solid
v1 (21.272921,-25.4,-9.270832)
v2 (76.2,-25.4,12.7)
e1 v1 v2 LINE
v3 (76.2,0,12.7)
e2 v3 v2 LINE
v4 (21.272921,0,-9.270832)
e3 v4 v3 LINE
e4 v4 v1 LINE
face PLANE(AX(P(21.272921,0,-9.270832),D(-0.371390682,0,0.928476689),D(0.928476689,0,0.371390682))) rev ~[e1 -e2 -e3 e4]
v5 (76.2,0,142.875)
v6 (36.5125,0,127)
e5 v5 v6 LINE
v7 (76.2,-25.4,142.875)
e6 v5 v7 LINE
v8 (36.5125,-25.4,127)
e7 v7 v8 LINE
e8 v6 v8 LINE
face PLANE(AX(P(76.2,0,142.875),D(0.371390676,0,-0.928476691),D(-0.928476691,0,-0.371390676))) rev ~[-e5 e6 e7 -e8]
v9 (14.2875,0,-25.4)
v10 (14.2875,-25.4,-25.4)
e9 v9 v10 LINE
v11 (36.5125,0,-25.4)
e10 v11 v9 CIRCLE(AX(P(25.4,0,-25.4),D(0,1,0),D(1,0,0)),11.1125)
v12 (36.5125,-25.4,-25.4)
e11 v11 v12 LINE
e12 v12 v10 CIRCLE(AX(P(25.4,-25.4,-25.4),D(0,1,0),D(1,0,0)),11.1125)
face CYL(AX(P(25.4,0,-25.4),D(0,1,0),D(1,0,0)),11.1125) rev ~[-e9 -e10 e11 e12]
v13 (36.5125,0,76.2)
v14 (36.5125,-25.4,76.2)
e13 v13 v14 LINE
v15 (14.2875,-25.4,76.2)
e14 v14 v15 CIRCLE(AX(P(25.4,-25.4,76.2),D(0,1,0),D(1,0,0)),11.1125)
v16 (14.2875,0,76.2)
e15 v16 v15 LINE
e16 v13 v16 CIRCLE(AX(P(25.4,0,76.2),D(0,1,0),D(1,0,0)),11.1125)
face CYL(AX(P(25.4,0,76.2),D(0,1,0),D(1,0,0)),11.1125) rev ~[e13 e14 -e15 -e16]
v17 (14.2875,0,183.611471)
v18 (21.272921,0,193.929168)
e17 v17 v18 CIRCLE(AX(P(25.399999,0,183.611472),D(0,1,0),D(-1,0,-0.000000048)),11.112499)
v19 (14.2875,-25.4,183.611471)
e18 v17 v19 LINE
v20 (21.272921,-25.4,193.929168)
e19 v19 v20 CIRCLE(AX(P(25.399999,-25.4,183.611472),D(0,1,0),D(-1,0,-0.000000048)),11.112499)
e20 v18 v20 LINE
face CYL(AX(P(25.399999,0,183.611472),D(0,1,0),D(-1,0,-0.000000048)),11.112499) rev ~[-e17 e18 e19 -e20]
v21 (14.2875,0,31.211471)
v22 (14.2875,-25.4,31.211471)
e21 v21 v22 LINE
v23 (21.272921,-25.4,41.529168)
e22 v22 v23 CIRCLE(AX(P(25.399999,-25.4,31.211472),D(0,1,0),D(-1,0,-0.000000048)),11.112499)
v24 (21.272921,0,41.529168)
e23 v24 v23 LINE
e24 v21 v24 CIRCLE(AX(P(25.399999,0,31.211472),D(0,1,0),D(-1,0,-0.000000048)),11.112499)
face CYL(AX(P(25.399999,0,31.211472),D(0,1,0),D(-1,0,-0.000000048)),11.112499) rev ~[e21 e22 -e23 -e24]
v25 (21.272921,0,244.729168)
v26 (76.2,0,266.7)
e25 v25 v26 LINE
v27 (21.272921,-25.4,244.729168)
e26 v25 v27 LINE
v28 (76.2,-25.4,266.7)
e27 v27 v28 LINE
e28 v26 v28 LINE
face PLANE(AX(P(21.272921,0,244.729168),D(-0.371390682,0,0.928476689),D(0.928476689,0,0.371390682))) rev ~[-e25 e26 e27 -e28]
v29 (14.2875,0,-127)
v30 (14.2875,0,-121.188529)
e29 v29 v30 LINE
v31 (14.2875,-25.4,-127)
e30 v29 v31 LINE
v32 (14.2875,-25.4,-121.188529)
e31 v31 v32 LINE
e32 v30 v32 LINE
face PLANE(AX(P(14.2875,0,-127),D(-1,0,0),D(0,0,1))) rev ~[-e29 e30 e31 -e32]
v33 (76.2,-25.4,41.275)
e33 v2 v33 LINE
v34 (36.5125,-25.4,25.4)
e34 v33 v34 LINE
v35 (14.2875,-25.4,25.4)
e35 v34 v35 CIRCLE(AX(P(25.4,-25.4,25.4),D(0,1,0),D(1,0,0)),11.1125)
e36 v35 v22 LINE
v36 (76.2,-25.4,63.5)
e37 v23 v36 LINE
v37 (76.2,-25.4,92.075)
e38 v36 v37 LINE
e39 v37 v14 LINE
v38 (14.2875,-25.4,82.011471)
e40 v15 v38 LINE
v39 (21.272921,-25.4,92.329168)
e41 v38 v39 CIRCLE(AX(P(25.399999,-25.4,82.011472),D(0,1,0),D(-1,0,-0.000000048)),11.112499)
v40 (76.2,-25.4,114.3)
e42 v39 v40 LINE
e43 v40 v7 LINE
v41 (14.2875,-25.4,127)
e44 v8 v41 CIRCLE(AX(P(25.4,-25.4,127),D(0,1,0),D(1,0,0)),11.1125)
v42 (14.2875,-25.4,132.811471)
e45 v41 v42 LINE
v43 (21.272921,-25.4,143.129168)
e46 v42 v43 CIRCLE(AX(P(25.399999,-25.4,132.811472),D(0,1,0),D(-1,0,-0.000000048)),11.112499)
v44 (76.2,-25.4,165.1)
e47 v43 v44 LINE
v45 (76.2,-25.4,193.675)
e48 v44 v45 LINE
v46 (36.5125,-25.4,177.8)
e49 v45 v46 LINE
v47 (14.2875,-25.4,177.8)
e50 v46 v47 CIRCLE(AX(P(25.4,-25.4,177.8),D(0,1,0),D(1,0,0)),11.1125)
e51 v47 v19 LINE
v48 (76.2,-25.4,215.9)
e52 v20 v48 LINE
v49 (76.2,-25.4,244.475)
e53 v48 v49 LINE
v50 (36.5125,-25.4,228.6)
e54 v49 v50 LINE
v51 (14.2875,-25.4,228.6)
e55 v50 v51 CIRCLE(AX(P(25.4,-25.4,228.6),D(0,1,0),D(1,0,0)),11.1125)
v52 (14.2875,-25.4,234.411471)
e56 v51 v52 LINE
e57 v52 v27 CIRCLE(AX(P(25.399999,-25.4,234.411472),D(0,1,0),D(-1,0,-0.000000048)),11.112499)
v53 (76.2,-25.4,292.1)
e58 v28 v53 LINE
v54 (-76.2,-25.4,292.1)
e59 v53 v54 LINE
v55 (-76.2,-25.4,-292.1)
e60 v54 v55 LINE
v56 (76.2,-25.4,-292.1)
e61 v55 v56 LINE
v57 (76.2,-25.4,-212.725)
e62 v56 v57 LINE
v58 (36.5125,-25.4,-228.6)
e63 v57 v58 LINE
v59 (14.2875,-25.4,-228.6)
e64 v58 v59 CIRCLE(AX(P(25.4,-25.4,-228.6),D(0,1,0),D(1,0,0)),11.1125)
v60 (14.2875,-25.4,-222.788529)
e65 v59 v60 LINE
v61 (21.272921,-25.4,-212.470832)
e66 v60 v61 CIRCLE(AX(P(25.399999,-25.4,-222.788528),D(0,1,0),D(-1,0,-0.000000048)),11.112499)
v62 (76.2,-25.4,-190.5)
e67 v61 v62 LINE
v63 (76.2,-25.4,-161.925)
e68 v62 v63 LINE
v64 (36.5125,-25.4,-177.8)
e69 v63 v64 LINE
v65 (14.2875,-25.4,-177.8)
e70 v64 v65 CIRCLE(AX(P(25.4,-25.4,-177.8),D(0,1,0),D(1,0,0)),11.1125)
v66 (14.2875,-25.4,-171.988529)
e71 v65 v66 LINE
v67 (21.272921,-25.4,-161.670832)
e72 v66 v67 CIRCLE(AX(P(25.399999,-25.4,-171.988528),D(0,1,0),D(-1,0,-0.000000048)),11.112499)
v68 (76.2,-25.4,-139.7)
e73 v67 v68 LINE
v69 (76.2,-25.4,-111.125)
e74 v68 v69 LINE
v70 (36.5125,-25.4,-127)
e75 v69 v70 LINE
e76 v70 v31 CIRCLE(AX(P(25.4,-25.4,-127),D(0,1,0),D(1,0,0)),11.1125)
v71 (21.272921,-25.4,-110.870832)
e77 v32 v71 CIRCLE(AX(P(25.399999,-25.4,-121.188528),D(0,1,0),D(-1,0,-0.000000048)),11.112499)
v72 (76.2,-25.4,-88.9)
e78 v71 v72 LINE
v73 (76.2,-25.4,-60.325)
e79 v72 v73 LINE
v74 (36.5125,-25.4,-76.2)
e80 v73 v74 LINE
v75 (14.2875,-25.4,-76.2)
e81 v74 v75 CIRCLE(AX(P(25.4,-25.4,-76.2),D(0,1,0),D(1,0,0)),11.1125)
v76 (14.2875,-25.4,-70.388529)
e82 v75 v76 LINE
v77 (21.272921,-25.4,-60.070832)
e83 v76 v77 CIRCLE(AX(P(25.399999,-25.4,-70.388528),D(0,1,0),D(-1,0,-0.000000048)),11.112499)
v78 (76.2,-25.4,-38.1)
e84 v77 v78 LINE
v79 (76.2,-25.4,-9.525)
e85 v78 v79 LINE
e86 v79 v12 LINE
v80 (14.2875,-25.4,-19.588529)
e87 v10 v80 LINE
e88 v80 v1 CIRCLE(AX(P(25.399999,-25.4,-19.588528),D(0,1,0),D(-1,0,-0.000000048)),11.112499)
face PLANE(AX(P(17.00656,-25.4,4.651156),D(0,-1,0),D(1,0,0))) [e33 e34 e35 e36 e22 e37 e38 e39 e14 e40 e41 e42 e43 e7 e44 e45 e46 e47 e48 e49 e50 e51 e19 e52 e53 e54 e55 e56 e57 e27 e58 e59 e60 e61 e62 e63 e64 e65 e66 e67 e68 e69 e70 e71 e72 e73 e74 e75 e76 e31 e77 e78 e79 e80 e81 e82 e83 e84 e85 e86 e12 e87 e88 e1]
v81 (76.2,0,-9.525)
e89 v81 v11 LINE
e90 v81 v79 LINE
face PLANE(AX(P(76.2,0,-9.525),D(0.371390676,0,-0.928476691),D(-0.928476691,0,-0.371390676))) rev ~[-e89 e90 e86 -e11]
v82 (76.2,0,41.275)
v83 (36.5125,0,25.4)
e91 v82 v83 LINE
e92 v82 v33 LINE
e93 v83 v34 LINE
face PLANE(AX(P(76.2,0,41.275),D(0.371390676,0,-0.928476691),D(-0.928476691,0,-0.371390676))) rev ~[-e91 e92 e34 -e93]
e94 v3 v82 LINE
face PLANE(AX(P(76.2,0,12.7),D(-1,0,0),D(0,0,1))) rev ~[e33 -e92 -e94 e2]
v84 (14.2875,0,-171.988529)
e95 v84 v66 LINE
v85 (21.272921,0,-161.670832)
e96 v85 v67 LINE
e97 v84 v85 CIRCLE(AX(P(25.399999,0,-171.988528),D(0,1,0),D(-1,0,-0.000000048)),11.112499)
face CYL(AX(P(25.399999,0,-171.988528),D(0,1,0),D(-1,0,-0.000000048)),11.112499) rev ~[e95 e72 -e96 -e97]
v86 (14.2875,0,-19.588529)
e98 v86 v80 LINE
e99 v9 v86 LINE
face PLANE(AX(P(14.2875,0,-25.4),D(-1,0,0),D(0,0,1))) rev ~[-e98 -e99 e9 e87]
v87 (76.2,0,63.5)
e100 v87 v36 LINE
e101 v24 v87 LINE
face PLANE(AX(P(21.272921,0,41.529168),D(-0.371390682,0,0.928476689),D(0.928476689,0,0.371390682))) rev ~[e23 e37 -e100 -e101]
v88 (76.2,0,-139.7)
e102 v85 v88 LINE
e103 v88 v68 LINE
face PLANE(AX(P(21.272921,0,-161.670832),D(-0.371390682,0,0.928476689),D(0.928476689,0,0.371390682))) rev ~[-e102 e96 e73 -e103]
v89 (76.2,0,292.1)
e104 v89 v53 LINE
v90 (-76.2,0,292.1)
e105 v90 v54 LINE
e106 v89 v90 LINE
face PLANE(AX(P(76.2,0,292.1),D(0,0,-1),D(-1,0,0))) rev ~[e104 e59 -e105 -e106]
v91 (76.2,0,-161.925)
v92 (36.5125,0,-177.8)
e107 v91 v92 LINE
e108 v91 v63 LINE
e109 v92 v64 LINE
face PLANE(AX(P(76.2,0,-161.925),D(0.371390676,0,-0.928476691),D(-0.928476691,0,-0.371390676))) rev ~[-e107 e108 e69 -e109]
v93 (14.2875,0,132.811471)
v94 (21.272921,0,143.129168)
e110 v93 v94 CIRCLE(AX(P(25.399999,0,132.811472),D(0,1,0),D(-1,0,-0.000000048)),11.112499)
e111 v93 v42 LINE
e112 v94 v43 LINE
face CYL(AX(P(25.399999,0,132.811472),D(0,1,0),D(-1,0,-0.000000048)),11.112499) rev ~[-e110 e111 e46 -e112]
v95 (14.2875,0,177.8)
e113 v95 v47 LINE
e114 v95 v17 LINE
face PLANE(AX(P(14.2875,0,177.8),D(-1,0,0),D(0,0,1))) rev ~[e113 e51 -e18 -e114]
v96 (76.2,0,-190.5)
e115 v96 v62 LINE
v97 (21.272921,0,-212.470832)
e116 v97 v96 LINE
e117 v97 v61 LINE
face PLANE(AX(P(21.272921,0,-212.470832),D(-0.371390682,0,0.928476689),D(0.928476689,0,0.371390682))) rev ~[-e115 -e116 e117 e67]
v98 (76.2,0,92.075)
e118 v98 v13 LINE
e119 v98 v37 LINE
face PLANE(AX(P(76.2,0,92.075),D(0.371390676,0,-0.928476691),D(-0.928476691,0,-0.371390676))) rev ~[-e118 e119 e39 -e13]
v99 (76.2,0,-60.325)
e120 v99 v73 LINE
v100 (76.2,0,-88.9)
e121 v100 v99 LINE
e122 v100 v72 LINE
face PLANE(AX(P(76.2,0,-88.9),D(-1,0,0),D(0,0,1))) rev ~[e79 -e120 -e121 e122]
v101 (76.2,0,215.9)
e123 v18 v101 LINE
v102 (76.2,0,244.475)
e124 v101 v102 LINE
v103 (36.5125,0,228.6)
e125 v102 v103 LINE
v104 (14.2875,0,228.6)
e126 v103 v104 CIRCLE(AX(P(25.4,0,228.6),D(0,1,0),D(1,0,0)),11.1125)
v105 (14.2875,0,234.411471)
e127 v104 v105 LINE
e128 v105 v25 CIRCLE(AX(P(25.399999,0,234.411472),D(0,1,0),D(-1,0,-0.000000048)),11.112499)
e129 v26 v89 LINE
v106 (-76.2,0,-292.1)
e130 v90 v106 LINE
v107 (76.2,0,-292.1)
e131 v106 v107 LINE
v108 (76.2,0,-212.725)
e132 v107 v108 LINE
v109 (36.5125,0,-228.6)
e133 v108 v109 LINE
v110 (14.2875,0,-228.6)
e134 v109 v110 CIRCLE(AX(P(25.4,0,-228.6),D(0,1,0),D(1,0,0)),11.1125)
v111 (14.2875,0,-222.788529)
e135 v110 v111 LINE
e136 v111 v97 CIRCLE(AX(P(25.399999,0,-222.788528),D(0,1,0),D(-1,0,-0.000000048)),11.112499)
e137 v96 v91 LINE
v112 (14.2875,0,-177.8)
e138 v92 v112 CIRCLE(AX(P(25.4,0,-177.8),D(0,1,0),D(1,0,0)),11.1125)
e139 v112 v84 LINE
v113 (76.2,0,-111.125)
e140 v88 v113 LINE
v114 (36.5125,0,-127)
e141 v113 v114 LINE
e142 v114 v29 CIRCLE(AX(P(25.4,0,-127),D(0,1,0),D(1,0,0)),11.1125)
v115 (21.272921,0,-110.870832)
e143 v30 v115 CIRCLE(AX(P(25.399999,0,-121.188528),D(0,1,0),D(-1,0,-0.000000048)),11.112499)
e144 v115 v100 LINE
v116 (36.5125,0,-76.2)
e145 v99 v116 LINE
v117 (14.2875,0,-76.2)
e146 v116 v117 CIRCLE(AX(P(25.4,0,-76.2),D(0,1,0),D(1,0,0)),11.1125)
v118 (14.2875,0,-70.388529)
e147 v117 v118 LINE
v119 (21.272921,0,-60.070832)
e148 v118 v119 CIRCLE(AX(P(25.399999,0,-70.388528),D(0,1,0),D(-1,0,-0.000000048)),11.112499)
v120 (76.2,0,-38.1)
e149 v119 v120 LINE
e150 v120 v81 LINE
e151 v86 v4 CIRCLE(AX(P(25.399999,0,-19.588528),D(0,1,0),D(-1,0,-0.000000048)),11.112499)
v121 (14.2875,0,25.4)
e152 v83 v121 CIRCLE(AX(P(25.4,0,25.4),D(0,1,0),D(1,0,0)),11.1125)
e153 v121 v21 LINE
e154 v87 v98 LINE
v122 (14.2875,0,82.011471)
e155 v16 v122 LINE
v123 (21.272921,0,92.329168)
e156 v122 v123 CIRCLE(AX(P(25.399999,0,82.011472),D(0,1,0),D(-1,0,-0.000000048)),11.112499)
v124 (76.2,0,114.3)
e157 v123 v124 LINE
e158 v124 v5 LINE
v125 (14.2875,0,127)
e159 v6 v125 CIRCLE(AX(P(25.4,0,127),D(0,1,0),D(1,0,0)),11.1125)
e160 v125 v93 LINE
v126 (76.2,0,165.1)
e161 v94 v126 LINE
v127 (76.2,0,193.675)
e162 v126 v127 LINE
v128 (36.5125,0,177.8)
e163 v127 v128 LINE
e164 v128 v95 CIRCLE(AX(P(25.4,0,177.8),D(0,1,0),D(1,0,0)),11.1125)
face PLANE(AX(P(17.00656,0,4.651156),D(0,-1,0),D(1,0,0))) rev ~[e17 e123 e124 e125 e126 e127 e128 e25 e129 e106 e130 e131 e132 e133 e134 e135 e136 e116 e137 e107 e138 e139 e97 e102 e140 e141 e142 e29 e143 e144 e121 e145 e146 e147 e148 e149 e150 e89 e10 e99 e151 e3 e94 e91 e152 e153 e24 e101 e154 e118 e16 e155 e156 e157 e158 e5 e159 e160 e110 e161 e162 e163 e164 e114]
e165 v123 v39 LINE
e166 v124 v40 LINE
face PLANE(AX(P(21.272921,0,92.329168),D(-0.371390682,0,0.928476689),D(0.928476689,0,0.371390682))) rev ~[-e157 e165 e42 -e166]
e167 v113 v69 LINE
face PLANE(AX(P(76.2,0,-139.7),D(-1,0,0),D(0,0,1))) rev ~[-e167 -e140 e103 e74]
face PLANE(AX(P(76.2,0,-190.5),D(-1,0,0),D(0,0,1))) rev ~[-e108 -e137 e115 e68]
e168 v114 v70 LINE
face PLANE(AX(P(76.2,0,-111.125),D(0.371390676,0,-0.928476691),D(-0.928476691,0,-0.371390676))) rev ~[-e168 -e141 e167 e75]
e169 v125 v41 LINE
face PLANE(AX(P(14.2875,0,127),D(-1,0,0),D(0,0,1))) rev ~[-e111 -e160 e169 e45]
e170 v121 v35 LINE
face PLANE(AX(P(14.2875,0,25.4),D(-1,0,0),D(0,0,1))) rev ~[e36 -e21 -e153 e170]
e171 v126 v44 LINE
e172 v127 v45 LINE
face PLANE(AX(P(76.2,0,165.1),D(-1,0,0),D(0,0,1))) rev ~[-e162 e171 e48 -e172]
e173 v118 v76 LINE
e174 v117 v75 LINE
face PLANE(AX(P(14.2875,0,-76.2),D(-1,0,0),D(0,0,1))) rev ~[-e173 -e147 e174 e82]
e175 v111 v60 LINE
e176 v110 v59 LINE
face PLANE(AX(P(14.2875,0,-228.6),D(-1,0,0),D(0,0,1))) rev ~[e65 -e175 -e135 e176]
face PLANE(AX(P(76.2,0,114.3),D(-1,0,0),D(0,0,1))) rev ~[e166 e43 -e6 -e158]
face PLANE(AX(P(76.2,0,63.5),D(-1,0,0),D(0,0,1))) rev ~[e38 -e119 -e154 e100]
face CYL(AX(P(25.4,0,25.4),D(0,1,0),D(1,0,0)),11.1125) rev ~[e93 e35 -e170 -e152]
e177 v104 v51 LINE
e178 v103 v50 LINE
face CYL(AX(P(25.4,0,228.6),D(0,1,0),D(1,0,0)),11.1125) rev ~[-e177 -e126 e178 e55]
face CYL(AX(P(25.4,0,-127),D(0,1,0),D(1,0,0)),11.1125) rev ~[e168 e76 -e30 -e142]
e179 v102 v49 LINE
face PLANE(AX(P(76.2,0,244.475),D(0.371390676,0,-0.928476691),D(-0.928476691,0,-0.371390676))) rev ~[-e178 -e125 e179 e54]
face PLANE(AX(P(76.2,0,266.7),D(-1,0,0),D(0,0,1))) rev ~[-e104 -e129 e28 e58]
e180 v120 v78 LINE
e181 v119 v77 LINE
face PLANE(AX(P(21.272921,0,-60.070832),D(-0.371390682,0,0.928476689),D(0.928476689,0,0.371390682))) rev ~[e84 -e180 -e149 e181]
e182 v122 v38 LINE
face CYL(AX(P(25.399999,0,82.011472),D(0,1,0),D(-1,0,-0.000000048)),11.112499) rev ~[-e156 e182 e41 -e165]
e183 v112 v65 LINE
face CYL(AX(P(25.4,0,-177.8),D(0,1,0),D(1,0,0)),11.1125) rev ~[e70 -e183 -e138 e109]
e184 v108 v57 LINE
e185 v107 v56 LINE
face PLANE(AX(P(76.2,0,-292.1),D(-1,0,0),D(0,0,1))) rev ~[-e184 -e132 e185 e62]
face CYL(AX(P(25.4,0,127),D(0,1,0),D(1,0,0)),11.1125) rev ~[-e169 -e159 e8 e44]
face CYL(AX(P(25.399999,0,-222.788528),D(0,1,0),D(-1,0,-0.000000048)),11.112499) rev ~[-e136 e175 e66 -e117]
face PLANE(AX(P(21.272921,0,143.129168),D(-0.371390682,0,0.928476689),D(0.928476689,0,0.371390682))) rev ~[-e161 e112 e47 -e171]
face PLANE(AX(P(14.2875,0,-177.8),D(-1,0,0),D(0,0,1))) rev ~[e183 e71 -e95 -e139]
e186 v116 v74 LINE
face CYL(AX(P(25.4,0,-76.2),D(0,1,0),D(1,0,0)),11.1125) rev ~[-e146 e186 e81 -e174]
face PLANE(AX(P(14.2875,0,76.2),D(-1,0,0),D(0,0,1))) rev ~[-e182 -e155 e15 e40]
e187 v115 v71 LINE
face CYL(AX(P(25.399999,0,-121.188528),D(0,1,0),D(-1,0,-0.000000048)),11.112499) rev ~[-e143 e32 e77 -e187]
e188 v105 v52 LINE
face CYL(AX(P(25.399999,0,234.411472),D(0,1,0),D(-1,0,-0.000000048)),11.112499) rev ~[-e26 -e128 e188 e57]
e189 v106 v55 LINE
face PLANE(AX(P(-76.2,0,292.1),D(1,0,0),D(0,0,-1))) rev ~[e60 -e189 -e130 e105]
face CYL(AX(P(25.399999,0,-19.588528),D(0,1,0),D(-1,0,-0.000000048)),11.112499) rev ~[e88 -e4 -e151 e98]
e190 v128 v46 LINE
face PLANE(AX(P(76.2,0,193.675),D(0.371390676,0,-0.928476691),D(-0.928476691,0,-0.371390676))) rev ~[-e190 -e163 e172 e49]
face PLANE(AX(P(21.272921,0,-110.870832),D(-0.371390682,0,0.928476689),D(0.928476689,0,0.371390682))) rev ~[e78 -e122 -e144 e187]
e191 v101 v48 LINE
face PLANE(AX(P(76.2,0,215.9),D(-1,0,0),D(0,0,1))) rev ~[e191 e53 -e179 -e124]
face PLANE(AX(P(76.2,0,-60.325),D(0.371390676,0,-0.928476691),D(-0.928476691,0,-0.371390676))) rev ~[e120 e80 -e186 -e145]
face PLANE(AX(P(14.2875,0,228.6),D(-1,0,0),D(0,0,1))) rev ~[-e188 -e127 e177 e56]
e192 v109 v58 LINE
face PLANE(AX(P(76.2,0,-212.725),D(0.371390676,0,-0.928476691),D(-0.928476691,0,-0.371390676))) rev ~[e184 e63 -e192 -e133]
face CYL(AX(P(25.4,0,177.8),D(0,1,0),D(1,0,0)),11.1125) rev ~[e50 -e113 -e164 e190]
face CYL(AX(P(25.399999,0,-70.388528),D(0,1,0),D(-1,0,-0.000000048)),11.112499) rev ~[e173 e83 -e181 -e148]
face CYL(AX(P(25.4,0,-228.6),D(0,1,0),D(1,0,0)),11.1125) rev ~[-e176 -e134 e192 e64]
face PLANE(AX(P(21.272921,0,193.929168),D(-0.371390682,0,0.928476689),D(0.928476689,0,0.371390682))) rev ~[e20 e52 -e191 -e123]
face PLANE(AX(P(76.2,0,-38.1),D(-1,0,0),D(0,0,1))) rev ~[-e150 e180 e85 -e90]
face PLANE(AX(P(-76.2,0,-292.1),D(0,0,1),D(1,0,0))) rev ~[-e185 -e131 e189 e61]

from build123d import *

# Parameters (mm, degrees)
F1_DEPTH = 25.4


with BuildPart() as f1:
    # F0 (on Front) → F1 (new body)
    with BuildSketch(Plane.XZ):
        with BuildLine():
            Line((76.2, 266.7), (76.2, 292.1))
            Line((76.2, 292.1), (-76.2, 292.1))
            Line((-76.2, 292.1), (-76.2, -292.1))
            Line((-76.2, -292.1), (76.2, -292.1))
            Line((76.2, -292.1), (76.2, -212.725))
            Line((76.2, -212.725), (36.5125, -228.6))
            ThreePointArc((36.5125, -228.6), (25.4, -239.7125), (14.2875, -228.6))
            Line((14.2875, -228.6), (14.2875, -222.788529))
            ThreePointArc((14.2875, -222.788529), (16.198103, -216.558541), (21.272921, -212.470832))
            Line((21.272921, -212.470832), (76.2, -190.5))
            Line((76.2, -190.5), (76.2, -161.925))
            Line((76.2, -161.925), (36.5125, -177.8))
            ThreePointArc((36.5125, -177.8), (25.4, -188.9125), (14.2875, -177.8))
            Line((14.2875, -177.8), (14.2875, -171.988529))
            ThreePointArc((14.2875, -171.988529), (16.198103, -165.758541), (21.272921, -161.670832))
            Line((21.272921, -161.670832), (76.2, -139.7))
            Line((76.2, -139.7), (76.2, -111.125))
            Line((76.2, -111.125), (36.5125, -127))
            ThreePointArc((36.5125, -127), (25.4, -138.1125), (14.2875, -127))
            Line((14.2875, -127), (14.2875, -121.188529))
            ThreePointArc((14.2875, -121.188529), (16.198103, -114.958541), (21.272921, -110.870832))
            Line((21.272921, -110.870832), (76.2, -88.9))
            Line((76.2, -88.9), (76.2, -60.325))
            Line((76.2, -60.325), (36.5125, -76.2))
            ThreePointArc((36.5125, -76.2), (25.4, -87.3125), (14.2875, -76.2))
            Line((14.2875, -76.2), (14.2875, -70.388529))
            ThreePointArc((14.2875, -70.388529), (16.198103, -64.158541), (21.272921, -60.070832))
            Line((21.272921, -60.070832), (76.2, -38.1))
            Line((76.2, -38.1), (76.2, -9.525))
            Line((76.2, -9.525), (36.5125, -25.4))
            ThreePointArc((36.5125, -25.4), (25.4, -36.5125), (14.2875, -25.4))
            Line((14.2875, -25.4), (14.2875, -19.588529))
            ThreePointArc((14.2875, -19.588529), (16.198103, -13.358541), (21.272921, -9.270832))
            Line((21.272921, -9.270832), (76.2, 12.7))
            Line((76.2, 12.7), (76.2, 41.275))
            Line((76.2, 41.275), (36.5125, 25.4))
            ThreePointArc((36.5125, 25.4), (25.4, 14.2875), (14.2875, 25.4))
            Line((14.2875, 25.4), (14.2875, 31.211471))
            ThreePointArc((14.2875, 31.211471), (16.198103, 37.441459), (21.272921, 41.529168))
            Line((21.272921, 41.529168), (76.2, 63.5))
            Line((76.2, 63.5), (76.2, 92.075))
            Line((76.2, 92.075), (36.5125, 76.2))
            ThreePointArc((36.5125, 76.2), (25.4, 65.0875), (14.2875, 76.2))
            Line((14.2875, 76.2), (14.2875, 82.011471))
            ThreePointArc((14.2875, 82.011471), (16.198103, 88.241459), (21.272921, 92.329168))
            Line((21.272921, 92.329168), (76.2, 114.3))
            Line((76.2, 114.3), (76.2, 142.875))
            Line((76.2, 142.875), (36.5125, 127))
            ThreePointArc((36.5125, 127), (25.4, 115.8875), (14.2875, 127))
            Line((14.2875, 127), (14.2875, 132.811471))
            ThreePointArc((14.2875, 132.811471), (16.198103, 139.041459), (21.272921, 143.129168))
            Line((21.272921, 143.129168), (76.2, 165.1))
            Line((76.2, 165.1), (76.2, 193.675))
            Line((76.2, 193.675), (36.5125, 177.8))
            ThreePointArc((36.5125, 177.8), (25.4, 166.6875), (14.2875, 177.8))
            Line((14.2875, 177.8), (14.2875, 183.611471))
            ThreePointArc((14.2875, 183.611471), (16.198103, 189.841459), (21.272921, 193.929168))
            Line((21.272921, 193.929168), (76.2, 215.9))
            Line((76.2, 215.9), (76.2, 244.475))
            Line((76.2, 244.475), (36.5125, 228.6))
            ThreePointArc((36.5125, 228.6), (25.4, 217.4875), (14.2875, 228.6))
            Line((14.2875, 228.6), (14.2875, 234.411471))
            ThreePointArc((14.2875, 234.411471), (16.198103, 240.641459), (21.272921, 244.729168))
            Line((21.272921, 244.729168), (76.2, 266.7))
        make_face()
    extrude(amount=F1_DEPTH)


solid = f1.part
